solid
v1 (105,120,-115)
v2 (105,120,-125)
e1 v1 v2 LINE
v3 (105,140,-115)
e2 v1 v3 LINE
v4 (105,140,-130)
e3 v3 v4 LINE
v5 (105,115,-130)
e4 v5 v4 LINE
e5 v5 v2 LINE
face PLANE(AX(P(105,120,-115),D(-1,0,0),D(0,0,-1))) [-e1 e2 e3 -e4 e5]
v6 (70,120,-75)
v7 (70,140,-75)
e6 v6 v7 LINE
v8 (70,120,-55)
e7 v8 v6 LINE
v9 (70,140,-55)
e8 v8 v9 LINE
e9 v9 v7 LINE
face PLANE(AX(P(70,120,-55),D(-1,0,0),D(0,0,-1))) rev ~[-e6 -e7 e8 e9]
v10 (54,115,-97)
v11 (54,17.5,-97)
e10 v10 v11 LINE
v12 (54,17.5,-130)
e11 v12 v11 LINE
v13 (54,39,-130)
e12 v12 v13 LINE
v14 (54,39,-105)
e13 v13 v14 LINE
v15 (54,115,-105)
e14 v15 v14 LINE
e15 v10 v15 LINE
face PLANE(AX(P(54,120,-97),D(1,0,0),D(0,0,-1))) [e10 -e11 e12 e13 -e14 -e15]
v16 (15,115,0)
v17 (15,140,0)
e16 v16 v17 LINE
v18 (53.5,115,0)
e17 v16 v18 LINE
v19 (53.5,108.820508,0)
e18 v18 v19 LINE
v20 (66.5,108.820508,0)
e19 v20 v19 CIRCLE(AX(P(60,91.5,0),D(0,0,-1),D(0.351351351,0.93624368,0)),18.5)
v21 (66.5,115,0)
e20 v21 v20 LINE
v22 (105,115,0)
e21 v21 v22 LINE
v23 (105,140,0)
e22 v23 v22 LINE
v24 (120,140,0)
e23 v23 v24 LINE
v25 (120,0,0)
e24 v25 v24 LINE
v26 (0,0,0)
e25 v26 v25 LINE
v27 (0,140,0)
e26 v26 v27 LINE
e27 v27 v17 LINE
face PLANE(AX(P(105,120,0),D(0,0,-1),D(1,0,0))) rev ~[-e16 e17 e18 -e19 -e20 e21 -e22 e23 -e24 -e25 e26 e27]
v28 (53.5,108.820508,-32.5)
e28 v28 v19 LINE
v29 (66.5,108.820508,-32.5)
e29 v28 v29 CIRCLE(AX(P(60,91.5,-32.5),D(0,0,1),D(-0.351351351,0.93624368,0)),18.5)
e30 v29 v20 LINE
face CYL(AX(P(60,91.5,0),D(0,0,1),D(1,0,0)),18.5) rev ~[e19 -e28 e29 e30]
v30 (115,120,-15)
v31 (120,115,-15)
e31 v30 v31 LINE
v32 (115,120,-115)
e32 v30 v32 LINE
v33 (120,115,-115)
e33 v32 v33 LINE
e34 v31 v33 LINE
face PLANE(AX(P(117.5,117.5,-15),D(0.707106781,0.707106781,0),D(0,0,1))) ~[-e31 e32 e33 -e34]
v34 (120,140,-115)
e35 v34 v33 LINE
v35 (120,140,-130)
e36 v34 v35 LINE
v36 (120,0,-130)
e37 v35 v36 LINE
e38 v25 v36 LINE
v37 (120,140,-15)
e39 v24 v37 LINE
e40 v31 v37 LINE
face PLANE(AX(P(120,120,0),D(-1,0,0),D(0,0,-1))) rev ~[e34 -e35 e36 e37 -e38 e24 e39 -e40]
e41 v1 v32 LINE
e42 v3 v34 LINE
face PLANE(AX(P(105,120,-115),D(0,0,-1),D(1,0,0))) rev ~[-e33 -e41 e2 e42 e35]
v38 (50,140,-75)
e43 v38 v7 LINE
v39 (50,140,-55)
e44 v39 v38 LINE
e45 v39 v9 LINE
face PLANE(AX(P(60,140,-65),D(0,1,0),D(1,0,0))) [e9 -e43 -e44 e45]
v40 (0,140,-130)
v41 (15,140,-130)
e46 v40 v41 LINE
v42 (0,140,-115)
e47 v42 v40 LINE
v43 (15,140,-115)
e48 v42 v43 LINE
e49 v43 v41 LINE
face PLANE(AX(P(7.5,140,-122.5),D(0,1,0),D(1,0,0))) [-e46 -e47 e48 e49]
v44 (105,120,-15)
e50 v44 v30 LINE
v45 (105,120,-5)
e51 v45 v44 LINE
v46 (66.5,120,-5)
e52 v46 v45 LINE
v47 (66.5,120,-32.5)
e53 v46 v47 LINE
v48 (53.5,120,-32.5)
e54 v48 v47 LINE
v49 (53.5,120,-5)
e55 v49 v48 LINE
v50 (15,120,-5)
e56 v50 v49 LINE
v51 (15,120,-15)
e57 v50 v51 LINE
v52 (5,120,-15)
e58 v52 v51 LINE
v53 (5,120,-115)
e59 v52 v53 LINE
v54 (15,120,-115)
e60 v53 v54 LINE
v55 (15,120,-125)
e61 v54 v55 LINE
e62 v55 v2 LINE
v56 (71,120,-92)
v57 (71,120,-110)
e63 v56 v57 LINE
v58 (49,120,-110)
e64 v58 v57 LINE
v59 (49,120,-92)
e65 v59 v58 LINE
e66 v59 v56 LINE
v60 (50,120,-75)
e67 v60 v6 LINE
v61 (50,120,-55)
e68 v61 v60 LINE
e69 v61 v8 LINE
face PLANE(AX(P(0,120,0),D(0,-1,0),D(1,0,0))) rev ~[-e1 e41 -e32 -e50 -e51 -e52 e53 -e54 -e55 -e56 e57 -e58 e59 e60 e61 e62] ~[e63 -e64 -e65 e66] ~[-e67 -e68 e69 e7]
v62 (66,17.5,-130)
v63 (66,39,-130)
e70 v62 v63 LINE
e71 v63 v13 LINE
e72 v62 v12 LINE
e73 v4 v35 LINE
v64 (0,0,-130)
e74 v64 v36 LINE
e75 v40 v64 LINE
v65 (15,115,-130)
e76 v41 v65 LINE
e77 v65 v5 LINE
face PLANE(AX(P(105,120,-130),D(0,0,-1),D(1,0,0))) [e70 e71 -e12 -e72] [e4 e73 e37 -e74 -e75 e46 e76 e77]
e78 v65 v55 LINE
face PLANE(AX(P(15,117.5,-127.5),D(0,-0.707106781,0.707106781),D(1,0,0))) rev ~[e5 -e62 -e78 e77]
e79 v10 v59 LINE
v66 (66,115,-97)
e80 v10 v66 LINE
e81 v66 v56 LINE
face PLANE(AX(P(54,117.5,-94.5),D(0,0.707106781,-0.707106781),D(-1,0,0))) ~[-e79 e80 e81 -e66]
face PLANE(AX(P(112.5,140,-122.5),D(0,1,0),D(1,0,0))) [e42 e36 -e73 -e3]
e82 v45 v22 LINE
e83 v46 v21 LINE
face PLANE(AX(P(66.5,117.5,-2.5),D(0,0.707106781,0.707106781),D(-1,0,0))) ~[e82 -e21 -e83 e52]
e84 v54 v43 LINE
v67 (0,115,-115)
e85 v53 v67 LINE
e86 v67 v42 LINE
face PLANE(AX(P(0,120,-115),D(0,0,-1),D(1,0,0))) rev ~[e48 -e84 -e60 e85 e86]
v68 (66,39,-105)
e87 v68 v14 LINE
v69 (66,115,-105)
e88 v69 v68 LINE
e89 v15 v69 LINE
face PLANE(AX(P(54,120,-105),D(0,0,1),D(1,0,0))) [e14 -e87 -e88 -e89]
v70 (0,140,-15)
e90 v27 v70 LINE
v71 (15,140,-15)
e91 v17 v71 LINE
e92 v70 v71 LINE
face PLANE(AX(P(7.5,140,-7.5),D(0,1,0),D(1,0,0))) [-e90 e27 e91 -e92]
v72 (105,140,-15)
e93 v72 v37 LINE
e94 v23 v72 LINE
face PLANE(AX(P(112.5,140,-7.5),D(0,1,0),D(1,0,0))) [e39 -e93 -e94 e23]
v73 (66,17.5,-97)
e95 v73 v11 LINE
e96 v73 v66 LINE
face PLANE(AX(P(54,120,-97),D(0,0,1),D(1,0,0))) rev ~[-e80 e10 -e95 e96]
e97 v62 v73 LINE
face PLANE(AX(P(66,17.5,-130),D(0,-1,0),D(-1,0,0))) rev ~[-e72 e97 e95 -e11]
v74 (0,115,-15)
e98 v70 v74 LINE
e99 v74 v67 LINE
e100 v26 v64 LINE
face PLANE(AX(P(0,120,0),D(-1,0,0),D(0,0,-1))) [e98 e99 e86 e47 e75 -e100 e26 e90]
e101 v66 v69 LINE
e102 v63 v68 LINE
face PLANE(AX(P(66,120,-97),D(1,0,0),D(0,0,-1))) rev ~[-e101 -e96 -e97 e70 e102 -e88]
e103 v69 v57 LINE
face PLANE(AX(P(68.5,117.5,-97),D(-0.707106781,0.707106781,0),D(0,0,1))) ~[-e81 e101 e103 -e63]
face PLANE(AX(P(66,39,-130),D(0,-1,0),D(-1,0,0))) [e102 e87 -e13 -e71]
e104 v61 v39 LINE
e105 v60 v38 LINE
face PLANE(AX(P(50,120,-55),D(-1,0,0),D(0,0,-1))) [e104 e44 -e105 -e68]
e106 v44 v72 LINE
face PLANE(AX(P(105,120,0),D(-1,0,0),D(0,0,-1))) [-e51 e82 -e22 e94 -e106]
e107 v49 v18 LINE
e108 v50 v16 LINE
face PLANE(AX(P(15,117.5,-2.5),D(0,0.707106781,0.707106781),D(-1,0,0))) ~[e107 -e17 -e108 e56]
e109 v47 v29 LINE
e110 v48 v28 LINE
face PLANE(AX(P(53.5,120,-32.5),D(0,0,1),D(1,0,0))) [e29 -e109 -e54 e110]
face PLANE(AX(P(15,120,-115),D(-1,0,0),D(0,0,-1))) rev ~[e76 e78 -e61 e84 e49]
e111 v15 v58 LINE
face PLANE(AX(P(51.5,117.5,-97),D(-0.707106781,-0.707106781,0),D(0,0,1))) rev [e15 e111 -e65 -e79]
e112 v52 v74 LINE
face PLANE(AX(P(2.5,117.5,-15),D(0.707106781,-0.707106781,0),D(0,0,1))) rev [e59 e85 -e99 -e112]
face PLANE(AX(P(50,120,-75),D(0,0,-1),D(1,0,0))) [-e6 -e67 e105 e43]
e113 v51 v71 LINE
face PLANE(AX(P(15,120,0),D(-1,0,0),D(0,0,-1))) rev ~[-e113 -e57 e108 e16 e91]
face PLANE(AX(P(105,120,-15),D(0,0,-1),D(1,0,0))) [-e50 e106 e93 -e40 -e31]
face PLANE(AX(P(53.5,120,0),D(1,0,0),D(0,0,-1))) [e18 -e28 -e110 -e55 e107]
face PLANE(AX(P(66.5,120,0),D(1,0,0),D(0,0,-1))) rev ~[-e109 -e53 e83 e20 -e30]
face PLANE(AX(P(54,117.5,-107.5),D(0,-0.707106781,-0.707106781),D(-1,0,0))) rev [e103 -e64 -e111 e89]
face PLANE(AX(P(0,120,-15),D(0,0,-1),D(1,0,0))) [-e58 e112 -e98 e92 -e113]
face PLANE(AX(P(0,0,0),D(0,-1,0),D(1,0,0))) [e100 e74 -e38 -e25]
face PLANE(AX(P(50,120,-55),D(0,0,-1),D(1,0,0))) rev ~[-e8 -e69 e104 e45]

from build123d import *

# Parameters (mm, degrees)
SKETCH1_W           = 120
SKETCH1_H           = 120
BOSS_EXTRUDE2_DEPTH = 130
SKETCH20_W          = 12
SKETCH20_H          = 21.5
CUT_EXTRUDE3_DEPTH  = 33
SKETCH10_W          = 12
SKETCH10_H          = 8
CUT_EXTRUDE4_DEPTH  = 91
SKETCH2_R           = 18.5
CUT_EXTRUDE5_DEPTH  = 32.5
SKETCH24_W          = 15
SKETCH24_H          = 15
BOSS_EXTRUDE4_DEPTH = 20
SKETCH16_W          = 20
SKETCH16_H          = 20
BOSS_EXTRUDE5_DEPTH = 20
SKETCH27_W          = 15
SKETCH27_H          = 15
BOSS_EXTRUDE6_DEPTH = 20
SKETCH28_W          = 15
SKETCH28_H          = 15
BOSS_EXTRUDE7_DEPTH = 20
SKETCH29_W          = 15
SKETCH29_H          = 15
BOSS_EXTRUDE8_DEPTH = 20
CHAMFER3_SIZE       = 5
SKETCH38_W          = 13
SKETCH38_H          = 32.5
CUT_EXTRUDE7_DEPTH  = 30
CHAMFER4_SIZE       = 5


with BuildPart() as part:
    # Sketch1 → Boss-Extrude2 (new body)
    with BuildSketch(Plane.XY):
        with Locations((60, 60)):
            Rectangle(SKETCH1_W, SKETCH1_H)
    extrude(amount=-BOSS_EXTRUDE2_DEPTH)

    # Sketch20 → Cut-Extrude3 (cut)
    with BuildSketch(Plane(origin=(0, 0, -130), x_dir=(-1, 0, 0), z_dir=(0, 0, -1))):
        with Locations((-60, 28.25)):
            Rectangle(SKETCH20_W, SKETCH20_H)
    extrude(amount=-CUT_EXTRUDE3_DEPTH, mode=Mode.SUBTRACT)

    # Sketch10 → Cut-Extrude4 (cut)
    with BuildSketch(Plane(origin=(0, 120, 0), x_dir=(1, 0, 0), z_dir=(0, 1, 0))):
        with Locations((60, 101)):
            Rectangle(SKETCH10_W, SKETCH10_H)
    extrude(amount=-CUT_EXTRUDE4_DEPTH, mode=Mode.SUBTRACT)

    # Sketch2 → Cut-Extrude5 (cut)
    with BuildSketch(Plane.XY):
        with Locations((60, 91.5)):
            Circle(SKETCH2_R)
    extrude(amount=-CUT_EXTRUDE5_DEPTH, mode=Mode.SUBTRACT)

    # Sketch24 → Boss-Extrude4 (add)
    with BuildSketch(Plane(origin=(0, 120, 0), x_dir=(1, 0, 0), z_dir=(0, 1, 0))):
        with Locations((7.5, 122.5)):
            Rectangle(SKETCH24_W, SKETCH24_H)
    extrude(amount=BOSS_EXTRUDE4_DEPTH)

    # Sketch16 → Boss-Extrude5 (add)
    with BuildSketch(Plane(origin=(0, 120, 0), x_dir=(1, 0, 0), z_dir=(0, 1, 0))):
        with Locations((60, 65)):
            Rectangle(SKETCH16_W, SKETCH16_H)
    extrude(amount=BOSS_EXTRUDE5_DEPTH)

    # Sketch27 → Boss-Extrude6 (add)
    with BuildSketch(Plane(origin=(0, 120, 0), x_dir=(1, 0, 0), z_dir=(0, 1, 0))):
        with Locations((7.5, 7.5)):
            Rectangle(SKETCH27_W, SKETCH27_H)
    extrude(amount=BOSS_EXTRUDE6_DEPTH)

    # Sketch28 → Boss-Extrude7 (add)
    with BuildSketch(Plane(origin=(0, 120, 0), x_dir=(1, 0, 0), z_dir=(0, 1, 0))):
        with Locations((112.5, 122.5)):
            Rectangle(SKETCH28_W, SKETCH28_H)
    extrude(amount=BOSS_EXTRUDE7_DEPTH)

    # Sketch29 → Boss-Extrude8 (add)
    with BuildSketch(Plane(origin=(0, 120, 0), x_dir=(1, 0, 0), z_dir=(0, 1, 0))):
        with Locations((112.5, 7.5)):
            Rectangle(SKETCH29_W, SKETCH29_H)
    extrude(amount=BOSS_EXTRUDE8_DEPTH)

    # Chamfer3
    chamfer3_edges = [part.edges().sort_by_distance(p)[0] for p in [
        (60, 120, -105),
        (66, 120, -101),
        (54, 120, -101),
        (60, 120, -97),
    ]]
    chamfer(chamfer3_edges, length=CHAMFER3_SIZE)

    # Sketch38 → Cut-Extrude7 (cut)
    with BuildSketch(Plane(origin=(0, 120, 0), x_dir=(1, 0, 0), z_dir=(0, 1, 0))):
        with Locations((60, 16.25)):
            Rectangle(SKETCH38_W, SKETCH38_H)
    extrude(amount=-CUT_EXTRUDE7_DEPTH, mode=Mode.SUBTRACT)

    # Chamfer4
    chamfer4_edges = [part.edges().sort_by_distance(p)[0] for p in [
        (120, 120, -65),
        (85.75, 120, 0),
        (60, 120, -130),
        (0, 120, -65),
        (34.25, 120, 0),
    ]]
    chamfer(chamfer4_edges, length=CHAMFER4_SIZE)


solid = part.part
